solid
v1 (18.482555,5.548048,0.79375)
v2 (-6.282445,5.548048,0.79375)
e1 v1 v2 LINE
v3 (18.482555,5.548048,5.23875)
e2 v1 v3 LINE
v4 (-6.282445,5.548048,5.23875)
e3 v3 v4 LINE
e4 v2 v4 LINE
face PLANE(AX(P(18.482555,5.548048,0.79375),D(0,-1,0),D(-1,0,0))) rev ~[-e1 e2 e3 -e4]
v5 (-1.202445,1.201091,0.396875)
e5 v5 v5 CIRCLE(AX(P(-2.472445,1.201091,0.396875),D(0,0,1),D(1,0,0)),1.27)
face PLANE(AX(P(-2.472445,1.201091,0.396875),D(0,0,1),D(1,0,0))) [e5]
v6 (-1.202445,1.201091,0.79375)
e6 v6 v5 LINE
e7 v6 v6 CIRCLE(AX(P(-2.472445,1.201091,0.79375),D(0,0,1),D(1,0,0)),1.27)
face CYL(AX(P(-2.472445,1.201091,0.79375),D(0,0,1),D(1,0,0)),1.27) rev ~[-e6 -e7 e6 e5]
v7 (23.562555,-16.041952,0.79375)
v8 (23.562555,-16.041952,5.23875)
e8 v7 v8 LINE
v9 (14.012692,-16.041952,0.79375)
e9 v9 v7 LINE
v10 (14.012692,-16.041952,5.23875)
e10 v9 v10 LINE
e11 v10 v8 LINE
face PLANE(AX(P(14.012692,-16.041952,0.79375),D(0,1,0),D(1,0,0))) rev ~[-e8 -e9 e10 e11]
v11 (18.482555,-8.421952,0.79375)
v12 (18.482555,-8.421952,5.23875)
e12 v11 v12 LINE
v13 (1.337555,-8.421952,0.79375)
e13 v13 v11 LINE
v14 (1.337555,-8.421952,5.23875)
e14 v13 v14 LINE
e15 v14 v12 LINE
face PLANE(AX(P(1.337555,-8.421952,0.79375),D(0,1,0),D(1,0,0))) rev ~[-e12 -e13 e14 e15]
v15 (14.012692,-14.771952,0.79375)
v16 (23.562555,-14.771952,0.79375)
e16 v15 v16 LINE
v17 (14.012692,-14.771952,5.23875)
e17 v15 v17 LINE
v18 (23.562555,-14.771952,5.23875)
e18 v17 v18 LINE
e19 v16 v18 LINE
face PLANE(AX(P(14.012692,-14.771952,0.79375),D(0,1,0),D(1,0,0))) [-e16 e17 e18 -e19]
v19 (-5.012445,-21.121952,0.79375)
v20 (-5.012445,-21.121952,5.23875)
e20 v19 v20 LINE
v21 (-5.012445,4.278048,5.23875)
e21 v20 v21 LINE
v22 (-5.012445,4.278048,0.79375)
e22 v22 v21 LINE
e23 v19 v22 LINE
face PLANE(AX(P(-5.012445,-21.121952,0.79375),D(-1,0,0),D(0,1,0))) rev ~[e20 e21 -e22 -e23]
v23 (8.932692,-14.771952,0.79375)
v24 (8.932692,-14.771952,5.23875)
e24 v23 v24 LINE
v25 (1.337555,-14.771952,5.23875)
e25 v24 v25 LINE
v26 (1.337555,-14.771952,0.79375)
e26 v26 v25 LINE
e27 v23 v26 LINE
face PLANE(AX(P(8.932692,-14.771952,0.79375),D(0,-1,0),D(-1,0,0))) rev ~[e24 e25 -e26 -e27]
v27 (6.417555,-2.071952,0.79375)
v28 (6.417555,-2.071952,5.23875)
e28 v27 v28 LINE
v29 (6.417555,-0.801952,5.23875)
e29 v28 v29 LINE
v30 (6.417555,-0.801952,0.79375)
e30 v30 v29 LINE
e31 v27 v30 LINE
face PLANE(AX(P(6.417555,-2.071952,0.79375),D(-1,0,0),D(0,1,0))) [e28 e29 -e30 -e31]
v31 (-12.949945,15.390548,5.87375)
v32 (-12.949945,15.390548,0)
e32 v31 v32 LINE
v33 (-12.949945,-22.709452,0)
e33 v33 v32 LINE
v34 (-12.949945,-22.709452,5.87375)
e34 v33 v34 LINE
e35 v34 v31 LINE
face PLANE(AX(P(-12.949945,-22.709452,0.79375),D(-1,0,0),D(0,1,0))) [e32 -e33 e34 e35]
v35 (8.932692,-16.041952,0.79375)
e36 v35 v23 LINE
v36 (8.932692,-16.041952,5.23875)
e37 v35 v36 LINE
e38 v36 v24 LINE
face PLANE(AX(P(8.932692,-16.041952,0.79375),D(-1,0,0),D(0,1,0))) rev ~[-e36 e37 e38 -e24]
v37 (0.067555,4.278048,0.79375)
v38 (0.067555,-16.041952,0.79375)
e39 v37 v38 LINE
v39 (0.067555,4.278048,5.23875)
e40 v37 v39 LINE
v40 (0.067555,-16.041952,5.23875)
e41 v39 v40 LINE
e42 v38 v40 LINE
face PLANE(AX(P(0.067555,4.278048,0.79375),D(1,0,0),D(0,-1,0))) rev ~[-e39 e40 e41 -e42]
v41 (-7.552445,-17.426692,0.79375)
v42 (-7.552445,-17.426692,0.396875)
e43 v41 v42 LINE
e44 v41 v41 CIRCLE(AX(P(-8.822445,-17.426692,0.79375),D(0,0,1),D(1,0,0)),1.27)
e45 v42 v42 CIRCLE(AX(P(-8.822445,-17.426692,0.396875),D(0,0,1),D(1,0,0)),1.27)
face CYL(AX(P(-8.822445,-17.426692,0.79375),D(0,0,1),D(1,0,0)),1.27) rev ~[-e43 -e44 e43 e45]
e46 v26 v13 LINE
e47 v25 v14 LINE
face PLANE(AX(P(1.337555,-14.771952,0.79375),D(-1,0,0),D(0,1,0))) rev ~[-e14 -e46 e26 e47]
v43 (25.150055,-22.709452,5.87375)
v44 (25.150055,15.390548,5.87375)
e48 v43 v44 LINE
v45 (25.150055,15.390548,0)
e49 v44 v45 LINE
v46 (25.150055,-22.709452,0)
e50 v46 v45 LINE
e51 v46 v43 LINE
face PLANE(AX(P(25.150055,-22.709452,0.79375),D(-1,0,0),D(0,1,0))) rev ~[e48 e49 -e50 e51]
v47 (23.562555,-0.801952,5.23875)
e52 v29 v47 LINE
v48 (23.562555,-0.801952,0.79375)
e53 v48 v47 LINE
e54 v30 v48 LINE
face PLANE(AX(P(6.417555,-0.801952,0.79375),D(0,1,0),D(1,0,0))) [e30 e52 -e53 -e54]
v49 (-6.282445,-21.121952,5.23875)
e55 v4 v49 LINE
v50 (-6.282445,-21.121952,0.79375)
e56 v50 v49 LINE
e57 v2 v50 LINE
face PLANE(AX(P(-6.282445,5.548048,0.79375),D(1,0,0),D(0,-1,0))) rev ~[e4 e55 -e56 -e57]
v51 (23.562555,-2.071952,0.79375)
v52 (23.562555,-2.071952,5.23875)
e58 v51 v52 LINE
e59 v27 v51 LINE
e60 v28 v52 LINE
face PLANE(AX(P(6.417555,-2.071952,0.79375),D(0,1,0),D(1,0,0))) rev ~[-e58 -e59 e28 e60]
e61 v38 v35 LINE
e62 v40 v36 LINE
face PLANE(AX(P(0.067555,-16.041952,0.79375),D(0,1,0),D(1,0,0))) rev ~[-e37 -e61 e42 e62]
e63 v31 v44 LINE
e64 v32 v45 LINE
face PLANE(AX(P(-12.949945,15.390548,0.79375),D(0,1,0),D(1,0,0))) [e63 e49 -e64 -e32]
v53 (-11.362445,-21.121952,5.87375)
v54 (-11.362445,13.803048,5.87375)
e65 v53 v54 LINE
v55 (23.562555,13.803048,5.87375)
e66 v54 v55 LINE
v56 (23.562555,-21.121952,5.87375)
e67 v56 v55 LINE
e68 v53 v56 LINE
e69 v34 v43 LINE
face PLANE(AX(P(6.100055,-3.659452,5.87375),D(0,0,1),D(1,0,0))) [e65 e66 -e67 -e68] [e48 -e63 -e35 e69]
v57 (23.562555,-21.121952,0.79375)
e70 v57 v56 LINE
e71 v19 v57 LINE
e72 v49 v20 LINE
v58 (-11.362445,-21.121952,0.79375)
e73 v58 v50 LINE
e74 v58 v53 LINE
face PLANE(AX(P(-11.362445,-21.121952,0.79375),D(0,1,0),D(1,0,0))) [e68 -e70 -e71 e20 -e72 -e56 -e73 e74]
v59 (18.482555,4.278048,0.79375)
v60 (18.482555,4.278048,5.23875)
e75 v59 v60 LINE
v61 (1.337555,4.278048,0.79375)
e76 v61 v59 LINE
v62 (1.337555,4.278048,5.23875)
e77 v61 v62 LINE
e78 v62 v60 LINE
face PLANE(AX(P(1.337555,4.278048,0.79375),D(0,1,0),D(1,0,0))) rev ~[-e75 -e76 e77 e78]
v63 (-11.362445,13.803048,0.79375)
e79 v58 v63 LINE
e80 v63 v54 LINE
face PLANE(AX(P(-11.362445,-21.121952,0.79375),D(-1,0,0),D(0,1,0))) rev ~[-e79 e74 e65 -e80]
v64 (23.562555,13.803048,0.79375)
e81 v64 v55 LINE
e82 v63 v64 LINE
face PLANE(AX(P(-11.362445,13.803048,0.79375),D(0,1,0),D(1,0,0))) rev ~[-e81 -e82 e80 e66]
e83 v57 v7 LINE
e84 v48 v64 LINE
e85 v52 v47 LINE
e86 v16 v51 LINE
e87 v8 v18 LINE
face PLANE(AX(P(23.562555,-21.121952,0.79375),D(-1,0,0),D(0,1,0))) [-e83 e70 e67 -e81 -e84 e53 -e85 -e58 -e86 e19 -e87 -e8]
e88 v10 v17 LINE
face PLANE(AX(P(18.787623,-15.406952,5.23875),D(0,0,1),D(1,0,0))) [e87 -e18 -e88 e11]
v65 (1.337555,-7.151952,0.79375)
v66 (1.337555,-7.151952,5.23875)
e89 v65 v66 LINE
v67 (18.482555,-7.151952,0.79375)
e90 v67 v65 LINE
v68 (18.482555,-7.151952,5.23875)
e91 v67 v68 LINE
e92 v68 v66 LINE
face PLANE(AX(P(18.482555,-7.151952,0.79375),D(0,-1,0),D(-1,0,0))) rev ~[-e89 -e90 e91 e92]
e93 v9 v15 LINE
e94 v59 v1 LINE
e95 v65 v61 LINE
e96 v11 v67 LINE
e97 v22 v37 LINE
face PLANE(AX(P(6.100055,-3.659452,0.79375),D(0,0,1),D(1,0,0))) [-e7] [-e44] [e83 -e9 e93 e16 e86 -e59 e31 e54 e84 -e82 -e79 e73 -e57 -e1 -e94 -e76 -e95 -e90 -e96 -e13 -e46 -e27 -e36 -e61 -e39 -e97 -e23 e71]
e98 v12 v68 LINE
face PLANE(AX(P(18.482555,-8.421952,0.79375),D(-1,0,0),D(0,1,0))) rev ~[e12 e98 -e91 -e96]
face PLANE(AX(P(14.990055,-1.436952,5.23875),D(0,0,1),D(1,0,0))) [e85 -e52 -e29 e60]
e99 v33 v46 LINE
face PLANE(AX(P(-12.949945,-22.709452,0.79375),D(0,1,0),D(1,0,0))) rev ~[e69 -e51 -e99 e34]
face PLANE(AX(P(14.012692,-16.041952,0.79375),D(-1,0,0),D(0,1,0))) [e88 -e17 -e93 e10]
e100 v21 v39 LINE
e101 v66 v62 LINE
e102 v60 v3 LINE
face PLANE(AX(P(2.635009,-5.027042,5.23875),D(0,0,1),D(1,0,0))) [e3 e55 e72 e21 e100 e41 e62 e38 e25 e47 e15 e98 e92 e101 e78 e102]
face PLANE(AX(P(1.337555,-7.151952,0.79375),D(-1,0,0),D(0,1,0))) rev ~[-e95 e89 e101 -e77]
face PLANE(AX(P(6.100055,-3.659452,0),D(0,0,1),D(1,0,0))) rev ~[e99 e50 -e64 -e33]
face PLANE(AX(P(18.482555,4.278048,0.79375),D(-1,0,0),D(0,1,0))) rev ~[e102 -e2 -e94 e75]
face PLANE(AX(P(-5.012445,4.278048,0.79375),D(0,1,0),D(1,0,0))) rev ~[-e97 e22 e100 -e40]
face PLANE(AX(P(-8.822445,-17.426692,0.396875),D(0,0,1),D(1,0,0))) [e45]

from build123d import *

# Parameters (mm, degrees)
F0_W     = 38.1
F0_H     = 38.1
F1_DEPTH = 0.79375
F2_W     = 38.1
F2_H     = 38.1
F2_W_2   = 34.925
F2_H_2   = 34.925
F3_DEPTH = 5.08
F4_W     = 17.145
F4_H     = 1.27
F4_W_2   = 9.5498631887
F5_DEPTH = 4.445
F4_R     = 1.27
F6_DEPTH = 0.396875


with BuildPart() as f1:
    # F0 (on Top) → F1 (new body)
    with BuildSketch(Plane.XY):
        with Locations((6.1000548303, -3.6594523599)):
            Rectangle(F0_W, F0_H)
    extrude(amount=F1_DEPTH)

    # F2 (on face) → F3 (join)
    with BuildSketch(Plane.XY.offset(0.79375)):
        with Locations((6.1000548303, -3.6594523599)):
            Rectangle(F2_W, F2_H)
        with Locations((6.1000548303, -3.6594523599)):
            Rectangle(F2_W_2, F2_H_2, mode=Mode.SUBTRACT)
    extrude(amount=F3_DEPTH)

    # F4 (on face) → F5 (join)
    with BuildSketch(Plane.XY.offset(0.79375)):
        Polygon((-6.2824451697, 5.5480476401), (-6.2824451697, -21.1219523599), (-5.0124451697, -21.1219523599), (-5.0124451697, 4.2780476401), (0.0675548303, 4.2780476401), (0.0675548303, -16.0419523599), (8.9326916416, -16.0419523599), (8.9326916416, -14.7719523599), (1.3375548303, -14.7719523599), (1.3375548303, -8.4219523599), (18.4825548303, -8.4219523599), (18.4825548303, -7.1519523599), (1.3375548303, -7.1519523599), (1.3375548303, 4.2780476401), (18.4825548303, 4.2780476401), (18.4825548303, 5.5480476401), (-5.0124451697, 5.5480476401), align=None)
        with Locations((14.9900548303, -1.4369523599)):
            Rectangle(F4_W, F4_H)
        with Locations((18.787623236, -15.4069523599)):
            Rectangle(F4_W_2, F4_H)
    extrude(amount=F5_DEPTH)

    # F4 (on face) → F6 (cut)
    with BuildSketch(Plane.XY.offset(0.79375)):
        with Locations((-8.8224451697, -17.4266919494)):
            Circle(F4_R)
        with Locations((-2.4724451697, 1.2010911014)):
            Circle(F4_R)
    extrude(amount=-F6_DEPTH, mode=Mode.SUBTRACT)


solid = f1.part
